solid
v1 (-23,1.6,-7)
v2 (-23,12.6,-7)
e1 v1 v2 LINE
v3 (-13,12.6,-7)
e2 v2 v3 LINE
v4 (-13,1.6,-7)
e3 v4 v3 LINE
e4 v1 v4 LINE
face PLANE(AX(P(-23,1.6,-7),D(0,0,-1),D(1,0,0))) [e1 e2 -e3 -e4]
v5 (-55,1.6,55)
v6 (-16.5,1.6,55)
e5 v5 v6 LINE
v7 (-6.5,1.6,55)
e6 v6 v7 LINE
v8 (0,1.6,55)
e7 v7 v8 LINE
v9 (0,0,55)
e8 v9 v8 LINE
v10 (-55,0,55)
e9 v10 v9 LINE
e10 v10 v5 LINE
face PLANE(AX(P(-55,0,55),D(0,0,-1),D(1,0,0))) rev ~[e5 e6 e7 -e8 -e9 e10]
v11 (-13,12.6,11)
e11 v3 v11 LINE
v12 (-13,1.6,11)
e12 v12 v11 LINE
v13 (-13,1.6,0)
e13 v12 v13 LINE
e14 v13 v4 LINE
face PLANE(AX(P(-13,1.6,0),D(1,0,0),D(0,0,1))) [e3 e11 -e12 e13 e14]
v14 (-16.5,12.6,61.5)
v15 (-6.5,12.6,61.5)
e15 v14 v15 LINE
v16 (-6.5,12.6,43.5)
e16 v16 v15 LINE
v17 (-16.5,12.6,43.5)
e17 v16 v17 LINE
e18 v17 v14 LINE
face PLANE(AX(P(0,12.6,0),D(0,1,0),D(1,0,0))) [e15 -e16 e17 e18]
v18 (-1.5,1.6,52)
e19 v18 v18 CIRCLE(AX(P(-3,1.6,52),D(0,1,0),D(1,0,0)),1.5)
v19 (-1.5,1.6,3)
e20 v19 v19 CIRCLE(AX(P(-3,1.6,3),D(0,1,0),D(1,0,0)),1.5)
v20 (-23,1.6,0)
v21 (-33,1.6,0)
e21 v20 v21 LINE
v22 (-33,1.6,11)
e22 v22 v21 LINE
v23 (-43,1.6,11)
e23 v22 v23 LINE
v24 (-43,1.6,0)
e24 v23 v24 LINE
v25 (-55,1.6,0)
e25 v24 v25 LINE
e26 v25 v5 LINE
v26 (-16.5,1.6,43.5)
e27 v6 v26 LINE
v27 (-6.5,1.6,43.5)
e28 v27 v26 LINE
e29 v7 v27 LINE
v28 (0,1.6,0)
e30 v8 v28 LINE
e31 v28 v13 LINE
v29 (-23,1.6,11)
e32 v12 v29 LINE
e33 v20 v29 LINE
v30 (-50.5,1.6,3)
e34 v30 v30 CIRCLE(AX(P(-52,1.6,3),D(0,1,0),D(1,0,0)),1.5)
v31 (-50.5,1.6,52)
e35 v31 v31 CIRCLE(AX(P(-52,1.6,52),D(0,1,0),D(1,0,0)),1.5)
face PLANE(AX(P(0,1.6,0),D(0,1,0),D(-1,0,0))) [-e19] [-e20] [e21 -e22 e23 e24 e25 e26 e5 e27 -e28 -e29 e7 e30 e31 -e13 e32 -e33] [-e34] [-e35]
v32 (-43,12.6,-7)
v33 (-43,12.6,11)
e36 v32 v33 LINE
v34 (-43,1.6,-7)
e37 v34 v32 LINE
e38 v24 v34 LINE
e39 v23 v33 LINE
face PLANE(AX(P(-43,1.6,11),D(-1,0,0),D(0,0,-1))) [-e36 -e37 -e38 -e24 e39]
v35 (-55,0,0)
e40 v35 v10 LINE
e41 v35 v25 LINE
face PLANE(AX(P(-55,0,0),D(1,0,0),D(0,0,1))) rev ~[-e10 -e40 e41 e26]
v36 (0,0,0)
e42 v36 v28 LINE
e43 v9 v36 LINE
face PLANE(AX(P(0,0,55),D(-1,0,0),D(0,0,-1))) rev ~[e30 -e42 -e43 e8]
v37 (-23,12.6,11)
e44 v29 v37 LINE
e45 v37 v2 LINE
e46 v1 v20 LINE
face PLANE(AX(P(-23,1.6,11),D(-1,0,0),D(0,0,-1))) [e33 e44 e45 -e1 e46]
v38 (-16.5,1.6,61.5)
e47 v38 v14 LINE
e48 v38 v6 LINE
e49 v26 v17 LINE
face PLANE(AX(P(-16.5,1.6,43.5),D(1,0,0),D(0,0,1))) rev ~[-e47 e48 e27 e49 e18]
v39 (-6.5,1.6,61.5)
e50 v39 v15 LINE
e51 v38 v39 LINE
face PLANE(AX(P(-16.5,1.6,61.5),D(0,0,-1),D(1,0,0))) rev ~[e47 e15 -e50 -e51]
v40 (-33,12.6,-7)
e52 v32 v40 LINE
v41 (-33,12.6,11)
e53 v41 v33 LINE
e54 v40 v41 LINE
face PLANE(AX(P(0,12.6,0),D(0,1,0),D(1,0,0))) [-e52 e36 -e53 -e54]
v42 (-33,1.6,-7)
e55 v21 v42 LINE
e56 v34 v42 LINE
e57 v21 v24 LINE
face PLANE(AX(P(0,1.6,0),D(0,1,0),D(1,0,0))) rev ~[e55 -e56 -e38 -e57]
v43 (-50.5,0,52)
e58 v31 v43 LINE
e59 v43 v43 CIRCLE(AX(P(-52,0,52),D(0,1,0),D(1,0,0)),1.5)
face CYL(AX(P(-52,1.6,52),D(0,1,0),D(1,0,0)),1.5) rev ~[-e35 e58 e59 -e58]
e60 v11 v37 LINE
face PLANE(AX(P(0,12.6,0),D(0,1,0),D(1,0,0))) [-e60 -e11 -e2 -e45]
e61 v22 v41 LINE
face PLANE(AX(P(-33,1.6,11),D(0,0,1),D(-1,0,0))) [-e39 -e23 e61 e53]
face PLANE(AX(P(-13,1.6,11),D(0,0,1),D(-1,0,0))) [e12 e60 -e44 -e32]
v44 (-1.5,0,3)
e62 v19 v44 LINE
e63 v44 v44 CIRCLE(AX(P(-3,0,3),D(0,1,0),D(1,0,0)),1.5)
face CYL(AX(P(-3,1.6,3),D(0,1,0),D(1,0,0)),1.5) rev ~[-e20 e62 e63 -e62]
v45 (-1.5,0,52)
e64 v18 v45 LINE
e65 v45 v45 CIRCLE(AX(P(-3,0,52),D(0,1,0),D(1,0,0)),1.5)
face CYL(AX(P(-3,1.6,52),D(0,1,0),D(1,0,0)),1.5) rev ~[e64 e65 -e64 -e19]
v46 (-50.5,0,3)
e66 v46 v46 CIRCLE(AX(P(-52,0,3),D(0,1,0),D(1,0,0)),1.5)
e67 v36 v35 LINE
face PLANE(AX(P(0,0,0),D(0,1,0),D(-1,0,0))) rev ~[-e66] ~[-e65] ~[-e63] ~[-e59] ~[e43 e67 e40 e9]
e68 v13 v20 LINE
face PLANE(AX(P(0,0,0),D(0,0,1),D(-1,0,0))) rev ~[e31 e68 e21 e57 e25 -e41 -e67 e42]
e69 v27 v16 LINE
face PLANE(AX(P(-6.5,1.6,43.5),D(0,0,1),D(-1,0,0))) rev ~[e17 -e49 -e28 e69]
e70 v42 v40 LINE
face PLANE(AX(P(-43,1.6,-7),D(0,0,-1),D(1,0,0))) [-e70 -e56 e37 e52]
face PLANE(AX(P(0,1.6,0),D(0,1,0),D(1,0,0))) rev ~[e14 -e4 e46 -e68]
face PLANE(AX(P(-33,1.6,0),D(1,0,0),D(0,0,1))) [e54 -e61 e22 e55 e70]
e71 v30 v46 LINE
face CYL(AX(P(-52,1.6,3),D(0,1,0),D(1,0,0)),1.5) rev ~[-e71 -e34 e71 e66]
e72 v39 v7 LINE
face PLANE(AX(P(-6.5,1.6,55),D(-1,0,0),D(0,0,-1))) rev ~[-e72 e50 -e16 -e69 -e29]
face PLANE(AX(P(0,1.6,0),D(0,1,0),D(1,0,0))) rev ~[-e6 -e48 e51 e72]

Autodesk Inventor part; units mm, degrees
ref_plane "YZ Plane" through (0, 0, 0) normal (1, 0, 0) x (0, 1, 0)
ref_plane "XZ Plane" through (0, 0, 0) normal (0, 1, 0) x (-1, 0, 0)
ref_plane "XY Plane" through (0, 0, 0) normal (0, 0, 1) x (1, 0, 0)
sketch "Sketch1" plane through (0, 0, 0) normal (0, 1, 0) x (-1, 0, 0)
  line L0 (0, 0) -> (55, 0)
  line L1 (55, 0) -> (55, 55)
  line L2 (55, 55) -> (0, 55)
  line L3 (0, 55) -> (0, 0)
  dimension "d0" = 55
  dimension "d1" = 55
extrude "Extrusion1" add sketch "Sketch1" along normal blind 1.6
sketch "Sketch2" plane through (0, 1.6, 0) normal (0, 1, 0) x (1, 0, 0)
  line L0 (-52, -52) -> (-3, -52) construction
  line L1 (-3, -52) -> (-3, -3) construction
  line L2 (-3, -3) -> (-52, -3) construction
  line L3 (-52, -3) -> (-52, -52) construction
  line L4 (-52, -52) -> (-55, -52) construction
  line L5 (-55, 0) -> (-55, -55) construction
  line L6 (-52, -52) -> (-52, -55) construction
  line L7 (-55, -55) -> (0, -55) construction
  line L8 (-3, -3) -> (-3, 0) construction
  line L9 (0, 0) -> (-55, 0) construction
  line L10 (-3, -3) -> (0, -3) construction
  line L11 (0, -55) -> (0, 0) construction
  circle A0 centre (-52, -52) radius 1.5
  circle A1 centre (-52, -3) radius 1.5
  circle A2 centre (-3, -3) radius 1.5
  circle A3 centre (-3, -52) radius 1.5
  dimension "d4" = 49
  dimension "d5" = 49
  dimension "d6" = 3
  dimension "d7" = 3
  dimension "d8" = 3
  dimension "d9" = 3
extrude "Extrusion2" cut sketch "Sketch2" against normal up to next
sketch "Sketch3" plane through (0, 1.6, 0) normal (0, 1, 0) x (1, 0, 0)
  line L0 (-6.5, -43.5) -> (-16.5, -43.5)
  line L1 (-16.5, -43.5) -> (-16.5, -61.5)
  line L2 (-16.5, -61.5) -> (-6.5, -61.5)
  line L3 (-6.5, -61.5) -> (-6.5, -43.5)
  line L4 (-55, -55) -> (0, -55) projected
  point P0 (0, 0)
  dimension "d12" = 10
  dimension "d13" = 18
  dimension "d14" = 6.5
  dimension "d15" = 6.5
extrude "Extrusion3" add sketch "Sketch3" along normal blind 11
sketch "Sketch4" plane through (0, 1.6, 0) normal (0, 1, 0) x (1, 0, 0)
  line L0 (-13, -11) -> (-23, -11)
  line L1 (-23, -11) -> (-23, 7)
  line L2 (-23, 7) -> (-13, 7)
  line L3 (-13, 7) -> (-13, -11)
  line L4 (-33, -11) -> (-43, -11)
  line L5 (-43, -11) -> (-43, 7)
  line L6 (-43, 7) -> (-33, 7)
  line L7 (-33, 7) -> (-33, -11)
  line L8 (0, -55) -> (0, 0) projected
  line L9 (0, 0) -> (-55, 0) projected
  dimension "d18" = 10
  dimension "d19" = 10
  dimension "d20" = 18
  dimension "d21" = 18
  dimension "d22" = 10
  dimension "d23" = 13
  dimension "d24" = 7
extrude "Extrusion4" add sketch "Sketch4" along normal blind 11
equation "\"d1\" = d0"
equation "\"d7\" = d6"
equation "\"d8\" = d6"
equation "\"d9\" = d6"
equation "\"d10\" = d5"
equation "\"d19\" = d18"
equation "\"d21\" = d20"
properties part number "Drok L298 DC Motor Driver"
